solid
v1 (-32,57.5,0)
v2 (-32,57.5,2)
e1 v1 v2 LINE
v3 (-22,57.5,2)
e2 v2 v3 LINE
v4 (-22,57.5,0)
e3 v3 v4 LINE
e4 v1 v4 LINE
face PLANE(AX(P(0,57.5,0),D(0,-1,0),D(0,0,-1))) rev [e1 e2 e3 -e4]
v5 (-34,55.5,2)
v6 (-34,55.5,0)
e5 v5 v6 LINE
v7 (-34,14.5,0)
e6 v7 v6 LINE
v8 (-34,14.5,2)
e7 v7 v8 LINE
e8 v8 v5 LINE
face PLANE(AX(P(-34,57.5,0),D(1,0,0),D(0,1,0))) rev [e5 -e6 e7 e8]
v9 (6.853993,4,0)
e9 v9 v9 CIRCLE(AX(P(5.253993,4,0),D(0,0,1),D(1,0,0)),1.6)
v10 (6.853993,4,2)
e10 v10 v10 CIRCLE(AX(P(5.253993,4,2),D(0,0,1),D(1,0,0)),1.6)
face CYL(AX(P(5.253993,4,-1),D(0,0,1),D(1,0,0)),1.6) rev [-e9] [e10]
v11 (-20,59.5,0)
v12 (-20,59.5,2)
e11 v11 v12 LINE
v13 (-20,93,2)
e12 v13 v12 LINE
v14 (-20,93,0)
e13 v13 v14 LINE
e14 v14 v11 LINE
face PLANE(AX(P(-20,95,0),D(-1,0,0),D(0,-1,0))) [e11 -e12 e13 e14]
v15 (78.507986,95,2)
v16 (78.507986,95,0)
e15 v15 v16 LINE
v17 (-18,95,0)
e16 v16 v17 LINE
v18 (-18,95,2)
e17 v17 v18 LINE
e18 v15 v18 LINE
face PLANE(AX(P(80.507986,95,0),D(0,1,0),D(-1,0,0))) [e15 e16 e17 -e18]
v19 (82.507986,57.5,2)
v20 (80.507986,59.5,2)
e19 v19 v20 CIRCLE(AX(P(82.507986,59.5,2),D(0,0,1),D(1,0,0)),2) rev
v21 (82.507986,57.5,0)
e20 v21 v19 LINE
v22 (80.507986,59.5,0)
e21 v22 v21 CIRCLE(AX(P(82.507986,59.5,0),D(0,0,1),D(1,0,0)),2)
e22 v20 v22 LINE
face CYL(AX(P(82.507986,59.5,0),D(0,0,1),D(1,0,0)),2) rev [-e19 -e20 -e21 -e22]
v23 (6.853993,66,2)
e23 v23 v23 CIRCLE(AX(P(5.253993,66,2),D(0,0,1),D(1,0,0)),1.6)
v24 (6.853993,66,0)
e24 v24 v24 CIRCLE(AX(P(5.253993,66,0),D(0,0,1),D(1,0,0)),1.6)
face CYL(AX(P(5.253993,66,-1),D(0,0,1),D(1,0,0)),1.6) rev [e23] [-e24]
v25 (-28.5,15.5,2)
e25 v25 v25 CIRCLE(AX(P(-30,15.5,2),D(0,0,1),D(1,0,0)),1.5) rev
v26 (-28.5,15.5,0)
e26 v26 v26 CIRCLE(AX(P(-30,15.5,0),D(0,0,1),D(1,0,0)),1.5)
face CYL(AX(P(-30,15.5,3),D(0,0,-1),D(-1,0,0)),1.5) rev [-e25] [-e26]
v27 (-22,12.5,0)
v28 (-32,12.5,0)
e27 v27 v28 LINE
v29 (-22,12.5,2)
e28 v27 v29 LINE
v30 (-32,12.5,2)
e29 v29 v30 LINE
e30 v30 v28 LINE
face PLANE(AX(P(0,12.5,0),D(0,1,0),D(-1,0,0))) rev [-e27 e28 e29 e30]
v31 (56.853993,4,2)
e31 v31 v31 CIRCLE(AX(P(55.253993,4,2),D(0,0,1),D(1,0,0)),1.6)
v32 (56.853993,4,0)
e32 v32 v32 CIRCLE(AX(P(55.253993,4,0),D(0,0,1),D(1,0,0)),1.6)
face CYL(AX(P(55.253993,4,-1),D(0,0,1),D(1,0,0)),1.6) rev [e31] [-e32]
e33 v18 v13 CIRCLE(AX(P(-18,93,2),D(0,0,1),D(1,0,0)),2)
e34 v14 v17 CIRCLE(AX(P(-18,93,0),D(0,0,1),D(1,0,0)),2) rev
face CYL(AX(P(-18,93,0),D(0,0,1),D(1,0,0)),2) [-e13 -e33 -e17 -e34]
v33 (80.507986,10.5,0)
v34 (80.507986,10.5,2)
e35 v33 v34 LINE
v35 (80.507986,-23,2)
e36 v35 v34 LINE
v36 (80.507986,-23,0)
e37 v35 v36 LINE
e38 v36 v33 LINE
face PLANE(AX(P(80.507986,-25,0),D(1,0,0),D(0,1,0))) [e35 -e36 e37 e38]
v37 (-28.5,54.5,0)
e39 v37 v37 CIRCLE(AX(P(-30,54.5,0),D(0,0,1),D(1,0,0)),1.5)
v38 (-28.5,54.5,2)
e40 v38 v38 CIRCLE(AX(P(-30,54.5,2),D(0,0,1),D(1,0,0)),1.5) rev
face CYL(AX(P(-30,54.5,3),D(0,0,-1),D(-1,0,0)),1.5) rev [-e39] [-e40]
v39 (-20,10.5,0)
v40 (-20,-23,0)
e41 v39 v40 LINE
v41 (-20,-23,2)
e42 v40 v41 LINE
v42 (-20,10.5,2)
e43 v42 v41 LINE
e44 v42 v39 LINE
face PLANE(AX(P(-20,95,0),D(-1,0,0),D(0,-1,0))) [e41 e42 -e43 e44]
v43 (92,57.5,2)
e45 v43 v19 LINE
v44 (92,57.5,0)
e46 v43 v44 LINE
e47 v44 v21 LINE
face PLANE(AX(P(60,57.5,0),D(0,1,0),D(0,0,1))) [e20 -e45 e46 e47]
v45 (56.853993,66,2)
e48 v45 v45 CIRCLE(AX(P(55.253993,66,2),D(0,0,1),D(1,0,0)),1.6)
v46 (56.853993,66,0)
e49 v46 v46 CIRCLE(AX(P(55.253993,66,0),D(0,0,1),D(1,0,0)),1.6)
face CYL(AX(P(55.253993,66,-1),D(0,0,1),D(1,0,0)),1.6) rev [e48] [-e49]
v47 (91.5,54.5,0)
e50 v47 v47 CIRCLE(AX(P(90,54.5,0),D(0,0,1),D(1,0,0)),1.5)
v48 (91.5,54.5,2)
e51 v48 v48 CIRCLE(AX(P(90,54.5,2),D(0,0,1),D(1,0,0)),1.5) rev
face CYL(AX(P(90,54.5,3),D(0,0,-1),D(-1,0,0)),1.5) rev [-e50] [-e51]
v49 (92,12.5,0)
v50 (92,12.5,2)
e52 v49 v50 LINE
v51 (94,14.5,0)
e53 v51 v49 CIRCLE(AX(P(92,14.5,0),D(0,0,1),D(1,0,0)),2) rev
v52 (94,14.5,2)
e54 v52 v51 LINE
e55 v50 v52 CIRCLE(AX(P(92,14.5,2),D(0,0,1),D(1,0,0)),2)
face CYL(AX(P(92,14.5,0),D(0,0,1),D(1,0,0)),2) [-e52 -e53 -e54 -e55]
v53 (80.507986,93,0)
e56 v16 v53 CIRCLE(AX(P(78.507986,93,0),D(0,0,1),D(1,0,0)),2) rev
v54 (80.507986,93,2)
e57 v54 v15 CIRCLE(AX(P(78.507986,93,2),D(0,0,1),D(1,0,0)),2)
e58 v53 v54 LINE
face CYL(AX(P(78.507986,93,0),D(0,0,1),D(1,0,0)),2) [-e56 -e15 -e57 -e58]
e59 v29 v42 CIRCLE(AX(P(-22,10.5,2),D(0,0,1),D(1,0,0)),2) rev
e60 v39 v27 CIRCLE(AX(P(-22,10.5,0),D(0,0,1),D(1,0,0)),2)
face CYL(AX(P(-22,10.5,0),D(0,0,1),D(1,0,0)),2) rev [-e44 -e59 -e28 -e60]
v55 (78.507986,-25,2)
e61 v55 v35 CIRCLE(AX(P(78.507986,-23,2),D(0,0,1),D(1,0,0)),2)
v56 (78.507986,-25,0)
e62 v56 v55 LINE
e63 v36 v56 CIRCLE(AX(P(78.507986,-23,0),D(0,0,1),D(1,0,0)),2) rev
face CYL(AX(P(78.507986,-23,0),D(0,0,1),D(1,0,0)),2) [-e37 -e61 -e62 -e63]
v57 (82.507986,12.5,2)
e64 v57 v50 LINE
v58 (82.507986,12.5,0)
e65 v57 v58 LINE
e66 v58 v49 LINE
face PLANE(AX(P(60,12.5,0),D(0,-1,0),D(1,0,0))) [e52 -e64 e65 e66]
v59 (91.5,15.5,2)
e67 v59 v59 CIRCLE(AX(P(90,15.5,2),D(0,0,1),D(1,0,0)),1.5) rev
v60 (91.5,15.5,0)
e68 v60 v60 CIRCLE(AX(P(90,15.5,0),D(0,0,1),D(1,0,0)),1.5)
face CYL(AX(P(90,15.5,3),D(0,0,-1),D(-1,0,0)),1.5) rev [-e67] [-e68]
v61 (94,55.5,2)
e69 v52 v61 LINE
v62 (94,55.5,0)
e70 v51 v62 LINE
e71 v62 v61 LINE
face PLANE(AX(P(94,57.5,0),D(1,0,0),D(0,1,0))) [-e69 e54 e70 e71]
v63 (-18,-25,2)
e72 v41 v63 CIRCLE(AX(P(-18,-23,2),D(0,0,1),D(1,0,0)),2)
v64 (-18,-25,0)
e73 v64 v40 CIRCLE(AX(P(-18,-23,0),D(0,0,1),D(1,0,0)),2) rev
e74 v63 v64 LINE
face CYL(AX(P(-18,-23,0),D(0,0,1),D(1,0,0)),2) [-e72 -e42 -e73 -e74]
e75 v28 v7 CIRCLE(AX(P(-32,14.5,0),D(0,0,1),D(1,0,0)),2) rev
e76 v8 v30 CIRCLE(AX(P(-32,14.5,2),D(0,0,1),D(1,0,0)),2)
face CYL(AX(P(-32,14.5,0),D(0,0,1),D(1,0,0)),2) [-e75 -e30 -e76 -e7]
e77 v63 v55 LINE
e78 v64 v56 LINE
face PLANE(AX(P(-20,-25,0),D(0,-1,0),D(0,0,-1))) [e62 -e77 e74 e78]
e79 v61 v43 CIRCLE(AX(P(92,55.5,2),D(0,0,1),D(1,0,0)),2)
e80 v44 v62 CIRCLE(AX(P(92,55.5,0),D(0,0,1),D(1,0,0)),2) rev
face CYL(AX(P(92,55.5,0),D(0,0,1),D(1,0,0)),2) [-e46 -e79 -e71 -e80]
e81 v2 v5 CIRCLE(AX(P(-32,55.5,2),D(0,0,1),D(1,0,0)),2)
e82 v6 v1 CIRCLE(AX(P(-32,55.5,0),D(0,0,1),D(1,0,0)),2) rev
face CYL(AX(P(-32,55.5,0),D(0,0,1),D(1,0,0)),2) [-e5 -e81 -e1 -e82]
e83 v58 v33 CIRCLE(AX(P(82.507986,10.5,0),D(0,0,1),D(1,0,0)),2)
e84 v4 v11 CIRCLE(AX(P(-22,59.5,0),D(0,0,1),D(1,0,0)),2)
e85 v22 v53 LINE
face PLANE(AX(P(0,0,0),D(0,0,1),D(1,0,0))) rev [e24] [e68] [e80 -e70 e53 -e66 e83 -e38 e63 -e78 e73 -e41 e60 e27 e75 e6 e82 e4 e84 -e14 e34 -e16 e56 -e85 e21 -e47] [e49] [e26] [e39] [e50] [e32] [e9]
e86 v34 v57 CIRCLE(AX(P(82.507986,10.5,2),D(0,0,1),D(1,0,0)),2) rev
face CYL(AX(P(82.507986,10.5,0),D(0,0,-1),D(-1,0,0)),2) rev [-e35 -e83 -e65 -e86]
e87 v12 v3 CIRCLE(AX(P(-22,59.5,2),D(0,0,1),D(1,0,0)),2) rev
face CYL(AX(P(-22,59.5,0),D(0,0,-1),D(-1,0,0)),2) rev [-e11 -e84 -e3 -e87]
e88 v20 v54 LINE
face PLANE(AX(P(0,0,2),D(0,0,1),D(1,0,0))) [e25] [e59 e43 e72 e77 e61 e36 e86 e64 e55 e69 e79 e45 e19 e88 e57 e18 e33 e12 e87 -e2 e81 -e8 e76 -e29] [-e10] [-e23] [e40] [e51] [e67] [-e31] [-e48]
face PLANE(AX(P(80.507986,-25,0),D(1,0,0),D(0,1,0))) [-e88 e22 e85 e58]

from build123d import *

# Parameters (mm, degrees)
SKETCH_1_W               = 60
SKETCH_1_H               = 70
SKETCH_1_R               = 1.5
EXTRUDE_1_DEPTH          = 2
SKETCH_2_W               = 34
SKETCH_2_H               = 45
EXTRUDE_2_DEPTH          = 2
CUT_EXTRUDE_1_DEPTH      = 1
CUT_EXTRUDE_1_DEPTH_BACK = 118.217746097
SKETCH_3_R               = 1.5
FILLET_1_R               = 2
CUT_EXTRUDE_2_DEPTH      = 118.217746097
PATTERN_LINEAR_1_COUNT   = 4
PATTERN_LINEAR_1_PITCH   = 14
SKETCH_6_W               = 100.507986439
SKETCH_6_H               = 120
EXTRUDE_3_DEPTH          = 2
SKETCH_7_R               = 1.6
CUT_EXTRUDE_3_DEPTH      = 3
FILLET_2_R               = 2


with BuildPart() as part:
    # 草图1 → 凸台-拉伸1 (new body)
    with BuildSketch(Plane.XY):
        with Locations((30, 35)):
            Rectangle(SKETCH_1_W, SKETCH_1_H)
        with Locations((5, 66)):
            Circle(SKETCH_1_R, mode=Mode.SUBTRACT)
        with Locations((5, 4)):
            Circle(SKETCH_1_R, mode=Mode.SUBTRACT)
        with Locations((55, 4)):
            Circle(SKETCH_1_R, mode=Mode.SUBTRACT)
        with Locations((55, 66)):
            Circle(SKETCH_1_R, mode=Mode.SUBTRACT)
    extrude(amount=EXTRUDE_1_DEPTH)

    # 草图2 → 凸台-拉伸2 (add)
    with BuildSketch(Plane.XY.offset(2)):
        with Locations((77, 35)):
            Rectangle(SKETCH_2_W, SKETCH_2_H)
    extrude_2 = extrude(amount=-EXTRUDE_2_DEPTH)

    # 镜向1: 凸台-拉伸2 across plane
    add(extrude_2.mirror(Plane(origin=(30, 0, 0), x_dir=(0, 0, 1), z_dir=(1, 0, 0))))

    # 草图3 → 切除-拉伸1 (cut, two sides: drawn at the far end of the back side and taken through both)
    with BuildSketch(Plane.XY.offset(2).offset(-CUT_EXTRUDE_1_DEPTH_BACK)):
        with Locations((-30, 54.5)):
            Circle(SKETCH_3_R)
        with Locations((90, 54.5)):
            Circle(SKETCH_3_R)
        with Locations((-30, 15.5)):
            Circle(SKETCH_3_R)
        with Locations((90, 15.5)):
            Circle(SKETCH_3_R)
    extrude(amount=CUT_EXTRUDE_1_DEPTH + CUT_EXTRUDE_1_DEPTH_BACK, mode=Mode.SUBTRACT)

    # 圆角1
    fillet_1_edges = [part.edges().sort_by_distance(p)[0] for p in [
        (60, 70, 1),
        (60, 57.5, 1),
        (94, 57.5, 1),
        (94, 12.5, 1),
        (60, 12.5, 1),
        (60, 0, 1),
        (0, 0, 1),
        (0, 12.5, 1),
        (-34, 12.5, 1),
        (0, 70, 1),
        (0, 57.5, 1),
        (-34, 57.5, 1),
    ]]
    fillet(fillet_1_edges, radius=FILLET_1_R)

    # 草图4 → 切除-拉伸2 (cut, through all)
    with BuildSketch(Plane.XY.offset(2)):
        with BuildLine():
            Line((15, 55), (15, 15))
            ThreePointArc((15, 15), (11, 11), (7, 15))
            Line((7, 15), (7, 55))
            ThreePointArc((7, 55), (11, 59), (15, 55))
        make_face()
    cut_extrude_2 = extrude(amount=-CUT_EXTRUDE_2_DEPTH, mode=Mode.SUBTRACT)

    # 阵列(线性)1: 切除-拉伸2 ×4
    with Locations(*[(i * PATTERN_LINEAR_1_PITCH, 0, 0) for i in range(1, PATTERN_LINEAR_1_COUNT)]):
        add(cut_extrude_2, mode=Mode.SUBTRACT)

    # 草图6 → 凸台-拉伸3 (add)
    with BuildSketch(Plane.XY.offset(2)):
        with Locations((30.25399322, 35)):
            Rectangle(SKETCH_6_W, SKETCH_6_H)
    extrude(amount=-EXTRUDE_3_DEPTH)

    # 草图7 → 切除-拉伸3 (cut)
    with BuildSketch(Plane.XY.offset(2)):
        with Locations((5.25399322, 4)):
            Circle(SKETCH_7_R)
        with Locations((55.25399322, 4)):
            Circle(SKETCH_7_R)
        with Locations((5.25399322, 66)):
            Circle(SKETCH_7_R)
        with Locations((55.25399322, 66)):
            Circle(SKETCH_7_R)
    extrude(amount=-CUT_EXTRUDE_3_DEPTH, mode=Mode.SUBTRACT)

    # 圆角2
    fillet_2_edges = [part.edges().sort_by_distance(p)[0] for p in [
        (-20, 57.5, 1),
        (-20, 95, 1),
        (80.507986439, 95, 1),
        (80.507986439, 57.5, 1),
        (80.507986439, 12.5, 1),
        (80.507986439, -25, 1),
        (-20, -25, 1),
        (-20, 12.5, 1),
    ]]
    fillet(fillet_2_edges, radius=FILLET_2_R)


solid = part.part
